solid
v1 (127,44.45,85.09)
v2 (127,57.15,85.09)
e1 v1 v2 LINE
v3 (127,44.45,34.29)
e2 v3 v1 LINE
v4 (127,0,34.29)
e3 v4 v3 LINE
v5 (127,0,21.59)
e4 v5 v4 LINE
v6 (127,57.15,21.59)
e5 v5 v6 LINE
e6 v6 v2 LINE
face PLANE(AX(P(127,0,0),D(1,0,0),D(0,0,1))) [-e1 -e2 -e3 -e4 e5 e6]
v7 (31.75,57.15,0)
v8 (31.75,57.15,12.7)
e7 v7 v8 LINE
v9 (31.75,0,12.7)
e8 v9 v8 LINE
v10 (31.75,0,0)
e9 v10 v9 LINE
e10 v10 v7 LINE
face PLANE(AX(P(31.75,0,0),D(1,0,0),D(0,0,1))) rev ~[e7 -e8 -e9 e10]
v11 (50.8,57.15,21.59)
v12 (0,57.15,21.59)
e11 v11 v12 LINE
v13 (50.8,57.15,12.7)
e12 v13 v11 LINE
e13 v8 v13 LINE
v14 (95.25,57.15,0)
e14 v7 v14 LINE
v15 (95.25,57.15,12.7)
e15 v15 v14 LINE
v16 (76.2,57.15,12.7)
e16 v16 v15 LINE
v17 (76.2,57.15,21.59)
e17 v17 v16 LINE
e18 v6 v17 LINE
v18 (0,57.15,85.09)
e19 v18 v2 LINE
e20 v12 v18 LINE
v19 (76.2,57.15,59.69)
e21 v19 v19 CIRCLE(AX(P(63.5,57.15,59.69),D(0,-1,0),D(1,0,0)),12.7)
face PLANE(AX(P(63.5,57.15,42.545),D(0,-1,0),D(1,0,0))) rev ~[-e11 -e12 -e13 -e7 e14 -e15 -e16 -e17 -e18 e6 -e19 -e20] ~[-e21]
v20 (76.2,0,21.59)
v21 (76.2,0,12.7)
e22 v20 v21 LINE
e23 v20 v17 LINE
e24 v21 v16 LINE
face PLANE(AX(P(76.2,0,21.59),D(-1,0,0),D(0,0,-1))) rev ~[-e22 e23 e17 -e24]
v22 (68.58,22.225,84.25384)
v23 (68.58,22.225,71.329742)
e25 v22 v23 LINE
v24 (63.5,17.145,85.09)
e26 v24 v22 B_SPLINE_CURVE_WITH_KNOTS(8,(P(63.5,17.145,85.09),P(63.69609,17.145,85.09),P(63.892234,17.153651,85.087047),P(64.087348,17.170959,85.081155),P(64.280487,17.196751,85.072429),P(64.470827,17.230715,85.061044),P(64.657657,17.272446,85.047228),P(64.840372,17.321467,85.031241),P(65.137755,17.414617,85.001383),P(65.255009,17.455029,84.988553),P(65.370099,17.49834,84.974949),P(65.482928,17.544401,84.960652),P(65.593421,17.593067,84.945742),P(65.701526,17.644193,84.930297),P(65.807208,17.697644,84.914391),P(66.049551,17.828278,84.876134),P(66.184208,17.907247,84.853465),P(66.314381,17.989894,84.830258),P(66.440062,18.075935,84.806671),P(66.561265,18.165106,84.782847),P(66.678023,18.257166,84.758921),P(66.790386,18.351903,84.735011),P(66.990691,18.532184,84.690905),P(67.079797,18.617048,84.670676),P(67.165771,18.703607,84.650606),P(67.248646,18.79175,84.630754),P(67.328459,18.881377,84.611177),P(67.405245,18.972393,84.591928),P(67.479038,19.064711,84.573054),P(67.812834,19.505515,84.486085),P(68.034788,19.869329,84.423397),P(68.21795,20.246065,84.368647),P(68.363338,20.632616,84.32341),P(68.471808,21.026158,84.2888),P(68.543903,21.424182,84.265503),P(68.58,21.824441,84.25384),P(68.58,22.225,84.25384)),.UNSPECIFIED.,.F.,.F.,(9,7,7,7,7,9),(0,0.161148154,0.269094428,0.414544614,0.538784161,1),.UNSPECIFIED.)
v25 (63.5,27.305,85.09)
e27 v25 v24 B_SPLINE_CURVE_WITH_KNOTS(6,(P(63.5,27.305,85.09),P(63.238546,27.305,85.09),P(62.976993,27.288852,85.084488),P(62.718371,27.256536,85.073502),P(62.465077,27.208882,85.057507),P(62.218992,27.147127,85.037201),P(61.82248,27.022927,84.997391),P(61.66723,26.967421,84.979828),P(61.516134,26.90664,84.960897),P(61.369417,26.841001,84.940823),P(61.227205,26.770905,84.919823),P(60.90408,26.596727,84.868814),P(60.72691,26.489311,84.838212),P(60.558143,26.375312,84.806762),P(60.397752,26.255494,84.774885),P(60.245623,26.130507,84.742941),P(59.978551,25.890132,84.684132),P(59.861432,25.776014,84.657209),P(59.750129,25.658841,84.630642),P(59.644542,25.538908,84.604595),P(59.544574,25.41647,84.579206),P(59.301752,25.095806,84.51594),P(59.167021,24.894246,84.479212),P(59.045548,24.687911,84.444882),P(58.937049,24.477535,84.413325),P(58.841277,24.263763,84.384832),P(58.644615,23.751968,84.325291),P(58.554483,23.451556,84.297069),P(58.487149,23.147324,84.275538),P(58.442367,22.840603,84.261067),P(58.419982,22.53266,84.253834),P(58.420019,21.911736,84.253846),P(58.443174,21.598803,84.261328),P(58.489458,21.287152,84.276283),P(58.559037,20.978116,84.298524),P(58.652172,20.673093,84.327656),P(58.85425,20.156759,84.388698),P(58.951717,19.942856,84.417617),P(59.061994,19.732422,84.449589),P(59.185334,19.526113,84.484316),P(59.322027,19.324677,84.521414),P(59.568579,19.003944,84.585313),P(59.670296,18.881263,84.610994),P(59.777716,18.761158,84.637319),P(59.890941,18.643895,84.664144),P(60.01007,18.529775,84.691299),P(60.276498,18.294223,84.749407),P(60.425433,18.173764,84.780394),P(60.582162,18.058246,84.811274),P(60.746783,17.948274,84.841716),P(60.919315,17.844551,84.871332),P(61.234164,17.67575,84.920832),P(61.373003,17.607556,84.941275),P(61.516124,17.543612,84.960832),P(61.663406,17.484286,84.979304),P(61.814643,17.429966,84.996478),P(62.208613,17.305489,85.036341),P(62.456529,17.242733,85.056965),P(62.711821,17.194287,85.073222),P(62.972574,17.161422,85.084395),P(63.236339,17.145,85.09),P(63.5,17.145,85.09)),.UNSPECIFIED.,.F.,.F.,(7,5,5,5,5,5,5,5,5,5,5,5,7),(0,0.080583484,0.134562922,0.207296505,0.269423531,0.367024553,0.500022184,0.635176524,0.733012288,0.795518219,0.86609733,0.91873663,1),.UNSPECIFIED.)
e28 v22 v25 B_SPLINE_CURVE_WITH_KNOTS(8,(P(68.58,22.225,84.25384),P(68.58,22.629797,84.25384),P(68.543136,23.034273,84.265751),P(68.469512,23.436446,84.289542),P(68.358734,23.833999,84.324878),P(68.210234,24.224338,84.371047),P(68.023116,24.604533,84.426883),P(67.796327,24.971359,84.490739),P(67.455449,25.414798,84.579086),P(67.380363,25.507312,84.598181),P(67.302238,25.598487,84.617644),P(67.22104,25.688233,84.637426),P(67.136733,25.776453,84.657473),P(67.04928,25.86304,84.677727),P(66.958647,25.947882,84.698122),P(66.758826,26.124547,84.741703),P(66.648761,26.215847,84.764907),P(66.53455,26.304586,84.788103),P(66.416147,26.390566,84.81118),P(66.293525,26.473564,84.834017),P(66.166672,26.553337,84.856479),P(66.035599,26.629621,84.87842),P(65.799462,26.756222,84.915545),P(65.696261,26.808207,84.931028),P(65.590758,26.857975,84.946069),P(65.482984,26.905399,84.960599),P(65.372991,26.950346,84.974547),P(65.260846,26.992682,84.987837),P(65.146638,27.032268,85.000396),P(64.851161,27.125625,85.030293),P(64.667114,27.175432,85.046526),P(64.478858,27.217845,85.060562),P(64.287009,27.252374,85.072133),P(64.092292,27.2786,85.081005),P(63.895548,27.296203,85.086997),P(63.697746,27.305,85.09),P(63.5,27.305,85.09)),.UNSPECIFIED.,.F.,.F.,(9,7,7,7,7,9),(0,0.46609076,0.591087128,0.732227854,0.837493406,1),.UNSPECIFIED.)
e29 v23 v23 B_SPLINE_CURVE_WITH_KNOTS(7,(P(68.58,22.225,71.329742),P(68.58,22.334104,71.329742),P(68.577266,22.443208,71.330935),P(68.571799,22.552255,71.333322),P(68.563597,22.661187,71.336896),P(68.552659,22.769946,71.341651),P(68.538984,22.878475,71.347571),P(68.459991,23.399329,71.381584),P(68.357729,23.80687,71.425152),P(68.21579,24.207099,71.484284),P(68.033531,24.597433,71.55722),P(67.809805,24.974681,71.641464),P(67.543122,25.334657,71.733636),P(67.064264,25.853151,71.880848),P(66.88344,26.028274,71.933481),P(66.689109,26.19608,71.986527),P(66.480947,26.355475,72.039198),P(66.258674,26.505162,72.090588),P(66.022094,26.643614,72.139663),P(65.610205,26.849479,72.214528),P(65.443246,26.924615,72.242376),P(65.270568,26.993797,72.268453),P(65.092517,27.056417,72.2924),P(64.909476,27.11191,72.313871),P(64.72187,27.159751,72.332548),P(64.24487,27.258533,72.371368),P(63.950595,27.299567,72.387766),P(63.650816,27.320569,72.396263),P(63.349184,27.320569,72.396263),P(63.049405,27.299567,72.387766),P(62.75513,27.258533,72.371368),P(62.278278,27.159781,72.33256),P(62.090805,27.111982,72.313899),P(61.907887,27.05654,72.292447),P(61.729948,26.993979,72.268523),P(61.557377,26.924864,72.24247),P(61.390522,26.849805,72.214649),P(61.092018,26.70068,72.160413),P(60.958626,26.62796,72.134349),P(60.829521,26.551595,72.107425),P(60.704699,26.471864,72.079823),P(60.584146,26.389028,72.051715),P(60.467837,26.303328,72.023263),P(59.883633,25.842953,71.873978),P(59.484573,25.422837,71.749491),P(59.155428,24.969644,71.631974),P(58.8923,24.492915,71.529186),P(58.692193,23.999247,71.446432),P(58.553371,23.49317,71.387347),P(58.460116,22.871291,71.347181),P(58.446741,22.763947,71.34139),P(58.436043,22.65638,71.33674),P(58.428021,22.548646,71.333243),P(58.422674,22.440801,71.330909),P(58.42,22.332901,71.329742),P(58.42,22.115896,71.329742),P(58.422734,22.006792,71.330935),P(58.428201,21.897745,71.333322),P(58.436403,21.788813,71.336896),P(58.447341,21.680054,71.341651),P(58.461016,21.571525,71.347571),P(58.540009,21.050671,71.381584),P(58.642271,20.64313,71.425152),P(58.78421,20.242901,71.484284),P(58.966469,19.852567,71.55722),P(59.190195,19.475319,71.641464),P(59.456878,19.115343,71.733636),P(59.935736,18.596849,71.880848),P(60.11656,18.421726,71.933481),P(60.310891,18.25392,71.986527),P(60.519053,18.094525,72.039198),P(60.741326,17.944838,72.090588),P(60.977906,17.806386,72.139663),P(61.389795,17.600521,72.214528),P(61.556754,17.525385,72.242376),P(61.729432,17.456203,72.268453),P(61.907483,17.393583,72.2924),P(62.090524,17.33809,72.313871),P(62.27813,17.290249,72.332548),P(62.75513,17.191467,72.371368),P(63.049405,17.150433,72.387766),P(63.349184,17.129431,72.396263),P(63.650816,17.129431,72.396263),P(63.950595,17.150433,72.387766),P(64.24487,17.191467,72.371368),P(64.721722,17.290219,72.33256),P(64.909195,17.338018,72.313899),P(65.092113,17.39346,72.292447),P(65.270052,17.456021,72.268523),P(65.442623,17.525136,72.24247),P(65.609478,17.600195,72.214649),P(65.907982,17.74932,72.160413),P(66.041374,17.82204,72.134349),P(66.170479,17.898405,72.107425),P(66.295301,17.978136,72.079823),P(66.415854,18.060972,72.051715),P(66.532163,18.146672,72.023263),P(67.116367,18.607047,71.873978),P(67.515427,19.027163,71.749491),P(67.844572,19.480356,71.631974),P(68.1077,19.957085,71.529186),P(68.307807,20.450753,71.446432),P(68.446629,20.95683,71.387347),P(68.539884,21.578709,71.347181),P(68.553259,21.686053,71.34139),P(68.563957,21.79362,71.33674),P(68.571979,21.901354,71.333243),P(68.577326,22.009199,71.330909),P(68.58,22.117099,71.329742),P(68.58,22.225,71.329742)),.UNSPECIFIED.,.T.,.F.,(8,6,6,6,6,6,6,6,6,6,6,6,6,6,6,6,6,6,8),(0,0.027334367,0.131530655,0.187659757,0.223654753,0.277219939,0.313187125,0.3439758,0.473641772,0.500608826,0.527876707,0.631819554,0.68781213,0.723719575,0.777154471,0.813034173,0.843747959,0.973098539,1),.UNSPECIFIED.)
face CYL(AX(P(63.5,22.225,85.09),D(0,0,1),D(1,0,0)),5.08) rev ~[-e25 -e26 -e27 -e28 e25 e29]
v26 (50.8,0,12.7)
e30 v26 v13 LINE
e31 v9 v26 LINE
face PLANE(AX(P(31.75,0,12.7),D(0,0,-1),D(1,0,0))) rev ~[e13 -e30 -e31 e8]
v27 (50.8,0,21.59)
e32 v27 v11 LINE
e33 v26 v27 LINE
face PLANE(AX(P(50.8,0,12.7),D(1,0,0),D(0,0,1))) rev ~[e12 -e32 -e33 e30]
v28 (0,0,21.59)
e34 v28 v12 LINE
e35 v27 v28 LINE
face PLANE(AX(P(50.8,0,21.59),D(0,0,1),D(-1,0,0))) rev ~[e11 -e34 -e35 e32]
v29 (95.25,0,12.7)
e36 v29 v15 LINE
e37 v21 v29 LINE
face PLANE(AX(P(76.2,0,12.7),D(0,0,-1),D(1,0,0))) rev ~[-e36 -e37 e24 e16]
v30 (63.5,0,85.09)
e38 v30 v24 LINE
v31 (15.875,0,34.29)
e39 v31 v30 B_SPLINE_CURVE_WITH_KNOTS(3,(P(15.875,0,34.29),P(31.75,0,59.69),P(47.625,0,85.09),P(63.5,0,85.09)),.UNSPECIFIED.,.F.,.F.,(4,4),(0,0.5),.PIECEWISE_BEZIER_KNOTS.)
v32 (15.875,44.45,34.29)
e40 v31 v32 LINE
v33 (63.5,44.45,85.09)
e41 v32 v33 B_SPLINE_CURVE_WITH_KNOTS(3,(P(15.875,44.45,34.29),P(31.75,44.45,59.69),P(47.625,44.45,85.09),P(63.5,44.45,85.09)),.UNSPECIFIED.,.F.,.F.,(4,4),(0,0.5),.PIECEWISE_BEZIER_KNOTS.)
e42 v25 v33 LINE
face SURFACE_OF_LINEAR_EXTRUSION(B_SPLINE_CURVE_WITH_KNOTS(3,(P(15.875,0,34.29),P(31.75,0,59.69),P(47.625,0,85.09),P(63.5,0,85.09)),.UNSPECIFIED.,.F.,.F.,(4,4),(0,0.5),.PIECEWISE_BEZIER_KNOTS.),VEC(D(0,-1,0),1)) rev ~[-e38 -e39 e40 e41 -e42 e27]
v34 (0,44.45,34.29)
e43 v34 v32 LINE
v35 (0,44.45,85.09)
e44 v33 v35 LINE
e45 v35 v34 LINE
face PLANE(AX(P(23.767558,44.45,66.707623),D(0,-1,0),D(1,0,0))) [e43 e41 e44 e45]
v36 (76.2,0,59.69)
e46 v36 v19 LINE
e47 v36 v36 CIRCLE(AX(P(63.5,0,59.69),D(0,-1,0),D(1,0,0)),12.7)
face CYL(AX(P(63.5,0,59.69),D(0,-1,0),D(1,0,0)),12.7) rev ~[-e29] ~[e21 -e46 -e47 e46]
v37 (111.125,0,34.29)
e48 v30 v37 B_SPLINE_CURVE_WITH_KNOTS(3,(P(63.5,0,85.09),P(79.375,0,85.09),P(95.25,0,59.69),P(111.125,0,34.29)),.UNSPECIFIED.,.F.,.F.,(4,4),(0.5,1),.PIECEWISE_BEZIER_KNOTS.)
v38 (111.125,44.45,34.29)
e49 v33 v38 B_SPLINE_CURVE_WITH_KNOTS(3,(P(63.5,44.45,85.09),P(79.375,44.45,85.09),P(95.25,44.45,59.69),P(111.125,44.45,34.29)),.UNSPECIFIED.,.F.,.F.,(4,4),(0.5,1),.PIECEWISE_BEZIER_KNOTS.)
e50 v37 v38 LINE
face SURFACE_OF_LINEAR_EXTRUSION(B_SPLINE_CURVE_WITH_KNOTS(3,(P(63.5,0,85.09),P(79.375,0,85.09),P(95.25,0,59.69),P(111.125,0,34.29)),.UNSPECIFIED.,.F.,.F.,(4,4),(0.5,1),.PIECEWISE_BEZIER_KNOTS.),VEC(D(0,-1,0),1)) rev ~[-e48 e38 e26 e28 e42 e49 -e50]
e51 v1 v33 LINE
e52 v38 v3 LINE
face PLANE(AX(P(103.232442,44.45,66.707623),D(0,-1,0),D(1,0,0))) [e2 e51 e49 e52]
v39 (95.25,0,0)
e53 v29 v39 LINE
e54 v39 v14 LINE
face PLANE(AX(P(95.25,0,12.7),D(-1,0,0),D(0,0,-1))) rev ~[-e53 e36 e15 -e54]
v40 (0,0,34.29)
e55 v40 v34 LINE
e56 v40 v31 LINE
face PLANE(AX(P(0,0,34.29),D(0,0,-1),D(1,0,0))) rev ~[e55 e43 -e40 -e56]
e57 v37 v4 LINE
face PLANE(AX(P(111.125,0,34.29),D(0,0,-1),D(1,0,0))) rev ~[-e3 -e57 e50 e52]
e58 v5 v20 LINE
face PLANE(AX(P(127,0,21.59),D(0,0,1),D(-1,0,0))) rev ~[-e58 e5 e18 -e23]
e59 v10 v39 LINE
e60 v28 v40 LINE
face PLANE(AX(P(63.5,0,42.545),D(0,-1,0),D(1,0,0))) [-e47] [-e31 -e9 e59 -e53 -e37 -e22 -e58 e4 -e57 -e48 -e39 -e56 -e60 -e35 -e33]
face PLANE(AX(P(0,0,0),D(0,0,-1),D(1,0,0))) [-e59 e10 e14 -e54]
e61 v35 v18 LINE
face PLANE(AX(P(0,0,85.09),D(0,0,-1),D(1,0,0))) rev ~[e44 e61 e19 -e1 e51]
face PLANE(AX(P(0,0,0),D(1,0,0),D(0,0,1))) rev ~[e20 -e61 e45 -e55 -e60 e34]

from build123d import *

# Parameters (mm, degrees)
F0_W     = 127
F0_H     = 85.09
F1_DEPTH = 57.15
F2_R     = 12.7
F3_DEPTH = 57.15
F4_R     = 5.08
F5_DEPTH = 25.4
F6_DEPTH = 44.45


with BuildPart() as f1:
    # F0 (on Front) → F1 (new body)
    with BuildSketch(Plane.XZ):
        with Locations((63.5, 42.545)):
            Rectangle(F0_W, F0_H)
    extrude(amount=-F1_DEPTH)

    # F2 (on face) → F3 (cut)
    with BuildSketch(Plane.XZ):
        Polygon((95.25, 12.7), (95.25, 0), (127, 0), (127, 21.59), (76.2, 21.59), (76.2, 12.7), align=None)
        Polygon((0, 0), (31.75, 0), (31.75, 12.7), (50.8, 12.7), (50.8, 21.59), (0, 21.59), align=None)
        with Locations((63.5, 59.69)):
            Circle(F2_R)
    extrude(amount=-F3_DEPTH, mode=Mode.SUBTRACT)

    # F4 (on face) → F5 (cut)
    with BuildSketch(Plane.XY.offset(85.09)):
        with Locations((63.5, 22.225)):
            Circle(F4_R)
    extrude(amount=-F5_DEPTH, mode=Mode.SUBTRACT)

    # F2 (on face) → F6 (cut)
    with BuildSketch(Plane.XZ):
        with BuildLine():
            Line((0, 85.09), (0, 34.29))
            Line((0, 34.29), (15.875, 34.29))
            add(Edge.make_bspline(
                [(15.875, 34.29), (31.75, 59.69), (47.625, 85.09), (63.5, 85.09)],
                knots=[0, 0, 0, 0, 0.5, 0.5, 0.5, 0.5], degree=3))
            Line((63.5, 85.09), (0, 85.09))
        make_face()
        with BuildLine():
            Line((111.125, 34.29), (127, 34.29))
            Line((127, 34.29), (127, 85.09))
            Line((127, 85.09), (63.5, 85.09))
            add(Edge.make_bspline(
                [(63.5, 85.09), (79.375, 85.09), (95.25, 59.69), (111.125, 34.29)],
                knots=[0.5, 0.5, 0.5, 0.5, 1, 1, 1, 1], degree=3))
        make_face()
    extrude(amount=-F6_DEPTH, mode=Mode.SUBTRACT)


solid = f1.part
